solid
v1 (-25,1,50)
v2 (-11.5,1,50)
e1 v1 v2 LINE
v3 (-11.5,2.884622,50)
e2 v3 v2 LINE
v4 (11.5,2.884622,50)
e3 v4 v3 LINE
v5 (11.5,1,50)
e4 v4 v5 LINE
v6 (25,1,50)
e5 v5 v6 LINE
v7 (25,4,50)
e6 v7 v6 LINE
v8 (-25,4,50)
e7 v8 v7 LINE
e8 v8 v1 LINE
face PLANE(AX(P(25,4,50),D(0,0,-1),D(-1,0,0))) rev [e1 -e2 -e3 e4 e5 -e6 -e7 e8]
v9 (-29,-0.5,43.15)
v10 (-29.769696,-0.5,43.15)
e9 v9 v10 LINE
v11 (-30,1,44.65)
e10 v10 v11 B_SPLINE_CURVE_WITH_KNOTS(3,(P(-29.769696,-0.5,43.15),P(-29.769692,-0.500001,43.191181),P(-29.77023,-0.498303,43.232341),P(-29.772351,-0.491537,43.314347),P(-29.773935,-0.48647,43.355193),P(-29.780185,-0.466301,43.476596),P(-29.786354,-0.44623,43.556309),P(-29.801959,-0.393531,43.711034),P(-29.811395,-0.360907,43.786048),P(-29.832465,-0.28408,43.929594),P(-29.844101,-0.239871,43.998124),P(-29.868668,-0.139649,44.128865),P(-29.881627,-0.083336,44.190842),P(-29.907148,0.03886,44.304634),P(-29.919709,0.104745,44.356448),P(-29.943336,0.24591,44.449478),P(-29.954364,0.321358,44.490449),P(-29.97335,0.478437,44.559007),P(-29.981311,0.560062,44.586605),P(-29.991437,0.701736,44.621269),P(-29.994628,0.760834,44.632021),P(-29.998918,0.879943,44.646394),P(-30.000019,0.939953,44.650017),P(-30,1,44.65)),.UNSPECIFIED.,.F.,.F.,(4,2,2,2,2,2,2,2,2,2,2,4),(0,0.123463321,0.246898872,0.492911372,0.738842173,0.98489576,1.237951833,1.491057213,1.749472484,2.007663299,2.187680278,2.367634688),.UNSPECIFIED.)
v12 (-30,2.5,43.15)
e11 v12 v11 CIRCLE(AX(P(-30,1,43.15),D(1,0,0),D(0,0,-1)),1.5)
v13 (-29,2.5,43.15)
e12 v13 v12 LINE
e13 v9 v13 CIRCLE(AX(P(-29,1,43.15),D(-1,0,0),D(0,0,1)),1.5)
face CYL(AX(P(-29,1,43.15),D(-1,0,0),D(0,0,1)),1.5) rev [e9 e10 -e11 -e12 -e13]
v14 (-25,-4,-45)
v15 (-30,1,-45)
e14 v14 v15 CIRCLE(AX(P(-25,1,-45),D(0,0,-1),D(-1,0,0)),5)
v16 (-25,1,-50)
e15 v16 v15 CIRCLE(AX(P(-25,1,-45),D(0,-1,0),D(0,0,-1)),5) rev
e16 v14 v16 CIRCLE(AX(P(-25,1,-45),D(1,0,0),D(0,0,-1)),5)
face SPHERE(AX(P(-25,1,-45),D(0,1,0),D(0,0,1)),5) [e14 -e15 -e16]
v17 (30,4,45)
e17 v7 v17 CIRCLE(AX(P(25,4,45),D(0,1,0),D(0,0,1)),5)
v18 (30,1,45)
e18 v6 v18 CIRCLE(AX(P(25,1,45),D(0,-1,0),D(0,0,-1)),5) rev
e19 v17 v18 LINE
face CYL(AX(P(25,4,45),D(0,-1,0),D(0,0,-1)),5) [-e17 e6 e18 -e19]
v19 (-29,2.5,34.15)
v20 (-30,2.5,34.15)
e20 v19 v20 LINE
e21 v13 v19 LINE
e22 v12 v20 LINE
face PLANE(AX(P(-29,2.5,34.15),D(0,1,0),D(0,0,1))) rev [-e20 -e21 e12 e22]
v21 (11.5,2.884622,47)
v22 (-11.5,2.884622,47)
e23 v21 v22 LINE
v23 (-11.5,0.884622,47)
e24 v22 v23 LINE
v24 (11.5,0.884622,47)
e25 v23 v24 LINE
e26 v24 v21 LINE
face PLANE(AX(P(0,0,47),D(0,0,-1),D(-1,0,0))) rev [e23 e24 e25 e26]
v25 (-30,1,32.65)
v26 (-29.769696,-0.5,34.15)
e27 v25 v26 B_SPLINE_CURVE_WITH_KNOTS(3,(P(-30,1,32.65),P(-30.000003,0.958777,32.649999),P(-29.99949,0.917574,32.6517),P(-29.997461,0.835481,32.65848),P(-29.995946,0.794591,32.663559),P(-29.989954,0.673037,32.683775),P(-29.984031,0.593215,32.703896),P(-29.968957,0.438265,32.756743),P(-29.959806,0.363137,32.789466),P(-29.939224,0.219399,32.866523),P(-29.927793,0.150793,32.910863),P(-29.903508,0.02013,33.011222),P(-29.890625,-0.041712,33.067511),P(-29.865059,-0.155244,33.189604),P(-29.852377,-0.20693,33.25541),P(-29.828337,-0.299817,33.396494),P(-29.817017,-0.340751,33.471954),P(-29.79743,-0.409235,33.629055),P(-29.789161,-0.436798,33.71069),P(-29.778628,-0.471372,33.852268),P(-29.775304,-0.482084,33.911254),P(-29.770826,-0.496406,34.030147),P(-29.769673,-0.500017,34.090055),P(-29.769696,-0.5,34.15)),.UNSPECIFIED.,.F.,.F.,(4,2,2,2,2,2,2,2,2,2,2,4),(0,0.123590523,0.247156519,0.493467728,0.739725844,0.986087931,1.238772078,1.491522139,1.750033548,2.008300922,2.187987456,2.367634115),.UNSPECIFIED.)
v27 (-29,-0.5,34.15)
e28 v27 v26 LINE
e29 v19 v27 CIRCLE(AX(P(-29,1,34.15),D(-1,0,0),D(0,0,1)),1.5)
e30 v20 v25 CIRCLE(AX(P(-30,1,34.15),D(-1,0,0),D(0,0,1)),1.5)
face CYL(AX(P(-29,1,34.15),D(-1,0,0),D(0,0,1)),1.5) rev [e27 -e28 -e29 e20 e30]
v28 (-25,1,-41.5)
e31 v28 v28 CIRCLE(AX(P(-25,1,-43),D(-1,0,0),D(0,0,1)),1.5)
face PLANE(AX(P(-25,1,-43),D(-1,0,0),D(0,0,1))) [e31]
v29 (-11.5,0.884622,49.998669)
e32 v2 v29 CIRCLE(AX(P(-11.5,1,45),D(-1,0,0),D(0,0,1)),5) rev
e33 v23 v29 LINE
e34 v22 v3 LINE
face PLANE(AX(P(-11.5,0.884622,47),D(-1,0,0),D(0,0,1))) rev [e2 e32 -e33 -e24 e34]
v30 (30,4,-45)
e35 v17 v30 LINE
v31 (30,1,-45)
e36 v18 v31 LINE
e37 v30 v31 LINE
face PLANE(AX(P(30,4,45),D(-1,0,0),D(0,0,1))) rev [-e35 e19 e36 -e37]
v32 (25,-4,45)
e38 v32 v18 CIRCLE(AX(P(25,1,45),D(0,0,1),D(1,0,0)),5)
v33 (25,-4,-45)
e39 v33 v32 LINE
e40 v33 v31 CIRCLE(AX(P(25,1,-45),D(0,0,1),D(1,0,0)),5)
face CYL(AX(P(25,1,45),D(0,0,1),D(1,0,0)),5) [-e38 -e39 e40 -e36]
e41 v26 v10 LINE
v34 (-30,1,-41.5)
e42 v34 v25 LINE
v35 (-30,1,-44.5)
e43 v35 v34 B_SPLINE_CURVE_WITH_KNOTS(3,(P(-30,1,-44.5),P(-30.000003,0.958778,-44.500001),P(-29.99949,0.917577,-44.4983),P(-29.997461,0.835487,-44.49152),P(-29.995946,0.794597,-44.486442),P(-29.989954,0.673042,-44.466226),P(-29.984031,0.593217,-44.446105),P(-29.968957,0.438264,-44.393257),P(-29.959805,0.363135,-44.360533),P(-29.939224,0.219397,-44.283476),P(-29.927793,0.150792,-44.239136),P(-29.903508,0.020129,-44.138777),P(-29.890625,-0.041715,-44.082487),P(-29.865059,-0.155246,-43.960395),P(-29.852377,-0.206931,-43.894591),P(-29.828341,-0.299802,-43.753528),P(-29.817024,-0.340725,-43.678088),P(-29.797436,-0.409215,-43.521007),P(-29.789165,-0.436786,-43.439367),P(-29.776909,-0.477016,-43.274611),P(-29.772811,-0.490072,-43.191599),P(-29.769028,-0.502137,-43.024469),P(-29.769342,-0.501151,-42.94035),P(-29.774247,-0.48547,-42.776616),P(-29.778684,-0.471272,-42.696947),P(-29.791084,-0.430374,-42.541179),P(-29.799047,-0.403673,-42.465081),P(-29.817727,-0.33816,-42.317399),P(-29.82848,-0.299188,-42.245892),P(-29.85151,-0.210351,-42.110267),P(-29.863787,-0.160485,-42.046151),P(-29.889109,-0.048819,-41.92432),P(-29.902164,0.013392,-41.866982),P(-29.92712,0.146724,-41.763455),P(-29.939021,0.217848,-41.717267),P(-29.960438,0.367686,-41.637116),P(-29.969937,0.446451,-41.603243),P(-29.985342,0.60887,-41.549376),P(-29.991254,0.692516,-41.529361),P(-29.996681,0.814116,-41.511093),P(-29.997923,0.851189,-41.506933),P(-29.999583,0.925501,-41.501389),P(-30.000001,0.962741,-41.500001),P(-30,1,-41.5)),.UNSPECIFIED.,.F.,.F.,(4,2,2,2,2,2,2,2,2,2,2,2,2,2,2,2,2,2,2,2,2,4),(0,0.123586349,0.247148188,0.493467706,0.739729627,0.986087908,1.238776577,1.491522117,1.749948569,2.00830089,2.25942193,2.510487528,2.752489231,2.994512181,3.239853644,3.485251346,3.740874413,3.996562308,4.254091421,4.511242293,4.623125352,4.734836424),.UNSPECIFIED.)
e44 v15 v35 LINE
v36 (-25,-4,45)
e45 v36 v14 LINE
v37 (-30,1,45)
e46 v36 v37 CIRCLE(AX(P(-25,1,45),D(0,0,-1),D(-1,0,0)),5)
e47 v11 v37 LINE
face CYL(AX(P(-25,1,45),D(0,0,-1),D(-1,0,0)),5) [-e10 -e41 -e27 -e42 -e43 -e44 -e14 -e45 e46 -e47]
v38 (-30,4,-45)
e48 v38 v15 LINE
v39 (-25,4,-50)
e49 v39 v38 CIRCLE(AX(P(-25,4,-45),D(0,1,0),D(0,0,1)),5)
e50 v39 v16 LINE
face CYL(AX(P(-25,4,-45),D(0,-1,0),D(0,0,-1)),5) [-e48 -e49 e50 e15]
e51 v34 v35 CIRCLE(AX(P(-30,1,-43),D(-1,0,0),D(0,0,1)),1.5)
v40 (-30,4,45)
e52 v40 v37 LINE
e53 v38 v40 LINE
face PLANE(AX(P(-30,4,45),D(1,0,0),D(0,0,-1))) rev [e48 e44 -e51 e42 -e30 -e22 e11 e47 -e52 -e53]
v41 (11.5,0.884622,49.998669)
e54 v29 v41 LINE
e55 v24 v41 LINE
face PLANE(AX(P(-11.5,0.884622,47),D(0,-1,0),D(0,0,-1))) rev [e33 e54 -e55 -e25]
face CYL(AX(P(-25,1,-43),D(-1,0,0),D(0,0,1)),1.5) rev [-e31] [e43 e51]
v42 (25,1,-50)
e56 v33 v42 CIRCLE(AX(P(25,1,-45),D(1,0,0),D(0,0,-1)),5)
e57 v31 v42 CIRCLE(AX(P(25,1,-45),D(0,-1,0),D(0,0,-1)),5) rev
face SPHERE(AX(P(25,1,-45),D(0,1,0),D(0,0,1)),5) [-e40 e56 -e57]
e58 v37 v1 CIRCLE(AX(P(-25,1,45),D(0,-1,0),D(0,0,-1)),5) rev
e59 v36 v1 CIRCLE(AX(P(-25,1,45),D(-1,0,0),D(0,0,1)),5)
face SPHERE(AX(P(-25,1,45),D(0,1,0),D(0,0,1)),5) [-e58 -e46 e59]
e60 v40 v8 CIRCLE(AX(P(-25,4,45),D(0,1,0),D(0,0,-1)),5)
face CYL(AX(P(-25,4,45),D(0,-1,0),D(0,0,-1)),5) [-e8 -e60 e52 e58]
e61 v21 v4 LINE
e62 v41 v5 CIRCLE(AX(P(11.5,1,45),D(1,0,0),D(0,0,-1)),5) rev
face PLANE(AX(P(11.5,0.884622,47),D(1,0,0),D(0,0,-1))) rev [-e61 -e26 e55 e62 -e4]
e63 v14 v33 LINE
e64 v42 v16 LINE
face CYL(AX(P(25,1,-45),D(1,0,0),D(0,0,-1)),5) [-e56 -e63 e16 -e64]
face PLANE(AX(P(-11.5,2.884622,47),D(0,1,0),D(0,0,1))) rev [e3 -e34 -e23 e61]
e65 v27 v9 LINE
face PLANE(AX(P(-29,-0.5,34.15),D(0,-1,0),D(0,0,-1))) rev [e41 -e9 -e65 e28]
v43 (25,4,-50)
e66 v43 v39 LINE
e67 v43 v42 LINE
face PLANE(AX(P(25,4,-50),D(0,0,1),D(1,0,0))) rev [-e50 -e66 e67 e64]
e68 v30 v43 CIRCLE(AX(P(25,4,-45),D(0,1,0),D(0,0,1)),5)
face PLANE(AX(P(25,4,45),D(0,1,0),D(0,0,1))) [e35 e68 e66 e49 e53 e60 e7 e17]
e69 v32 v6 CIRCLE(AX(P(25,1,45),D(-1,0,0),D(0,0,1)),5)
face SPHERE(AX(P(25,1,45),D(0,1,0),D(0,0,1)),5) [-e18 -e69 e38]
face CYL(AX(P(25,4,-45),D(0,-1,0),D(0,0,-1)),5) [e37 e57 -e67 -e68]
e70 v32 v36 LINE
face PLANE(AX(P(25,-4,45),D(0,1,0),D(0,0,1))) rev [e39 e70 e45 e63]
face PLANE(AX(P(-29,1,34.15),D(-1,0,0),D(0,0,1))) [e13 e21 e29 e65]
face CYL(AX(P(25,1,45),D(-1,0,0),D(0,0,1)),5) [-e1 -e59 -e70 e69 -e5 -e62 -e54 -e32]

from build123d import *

# Parameters (mm, degrees)
BOSS_EXTRUDE1_DEPTH = 4
FILLET1_R           = 5
SKETCH4_W           = 23
SKETCH4_H           = 2
CUT_EXTRUDE1_DEPTH  = 3
SKETCH5_R           = 1.5
CUT_EXTRUDE2_DEPTH  = 5
CUT_EXTRUDE3_DEPTH  = 1


with BuildPart() as part:
    # Sketch1 → Boss-Extrude1 (new, symmetric)
    with BuildSketch(Plane(origin=(0, 0, 0), x_dir=(1, 0, 0), z_dir=(0, 1, 0))):
        with BuildLine():
            Line((25, -50), (-25, -50))
            ThreePointArc((-25, -50), (-28.535533906, -48.535533906), (-30, -45))
            Line((-30, -45), (-30, 45))
            ThreePointArc((-30, 45), (-28.535533906, 48.535533906), (-25, 50))
            Line((-25, 50), (25, 50))
            ThreePointArc((25, 50), (28.535533906, 48.535533906), (30, 45))
            Line((30, 45), (30, -45))
            ThreePointArc((30, -45), (28.535533906, -48.535533906), (25, -50))
        make_face()
    extrude(amount=BOSS_EXTRUDE1_DEPTH, both=True)

    # Fillet1
    fillet1_edges = [part.edges().sort_by_distance(p)[0] for p in [
        (0, -4, -50),
        (28.535533906, -4, -48.535533906),
        (30, -4, 0),
        (28.535533906, -4, 48.535533906),
        (0, -4, 50),
        (-28.535533906, -4, 48.535533906),
        (-30, -4, 0),
        (-28.535533906, -4, -48.535533906),
    ]]
    fillet(fillet1_edges, radius=FILLET1_R)

    # Sketch4 → Cut-Extrude1 (cut)
    with BuildSketch(Plane.XY.offset(50)):
        with Locations((0, 1.884621544)):
            Rectangle(SKETCH4_W, SKETCH4_H)
    extrude(amount=-CUT_EXTRUDE1_DEPTH, mode=Mode.SUBTRACT)

    # Sketch5 → Cut-Extrude2 (cut)
    with BuildSketch(Plane.ZY.offset(30)):
        with Locations((-43, 1)):
            Circle(SKETCH5_R)
    extrude(amount=-CUT_EXTRUDE2_DEPTH, mode=Mode.SUBTRACT)

    # Sketch6 → Cut-Extrude3 (cut)
    with BuildSketch(Plane.ZY.offset(30)):
        with BuildLine():
            Line((34.15, 2.5), (43.15, 2.5))
            ThreePointArc((43.15, 2.5), (44.65, 1), (43.15, -0.5))
            Line((43.15, -0.5), (34.15, -0.5))
            ThreePointArc((34.15, -0.5), (32.65, 1), (34.15, 2.5))
        make_face()
    extrude(amount=-CUT_EXTRUDE3_DEPTH, mode=Mode.SUBTRACT)


solid = part.part
